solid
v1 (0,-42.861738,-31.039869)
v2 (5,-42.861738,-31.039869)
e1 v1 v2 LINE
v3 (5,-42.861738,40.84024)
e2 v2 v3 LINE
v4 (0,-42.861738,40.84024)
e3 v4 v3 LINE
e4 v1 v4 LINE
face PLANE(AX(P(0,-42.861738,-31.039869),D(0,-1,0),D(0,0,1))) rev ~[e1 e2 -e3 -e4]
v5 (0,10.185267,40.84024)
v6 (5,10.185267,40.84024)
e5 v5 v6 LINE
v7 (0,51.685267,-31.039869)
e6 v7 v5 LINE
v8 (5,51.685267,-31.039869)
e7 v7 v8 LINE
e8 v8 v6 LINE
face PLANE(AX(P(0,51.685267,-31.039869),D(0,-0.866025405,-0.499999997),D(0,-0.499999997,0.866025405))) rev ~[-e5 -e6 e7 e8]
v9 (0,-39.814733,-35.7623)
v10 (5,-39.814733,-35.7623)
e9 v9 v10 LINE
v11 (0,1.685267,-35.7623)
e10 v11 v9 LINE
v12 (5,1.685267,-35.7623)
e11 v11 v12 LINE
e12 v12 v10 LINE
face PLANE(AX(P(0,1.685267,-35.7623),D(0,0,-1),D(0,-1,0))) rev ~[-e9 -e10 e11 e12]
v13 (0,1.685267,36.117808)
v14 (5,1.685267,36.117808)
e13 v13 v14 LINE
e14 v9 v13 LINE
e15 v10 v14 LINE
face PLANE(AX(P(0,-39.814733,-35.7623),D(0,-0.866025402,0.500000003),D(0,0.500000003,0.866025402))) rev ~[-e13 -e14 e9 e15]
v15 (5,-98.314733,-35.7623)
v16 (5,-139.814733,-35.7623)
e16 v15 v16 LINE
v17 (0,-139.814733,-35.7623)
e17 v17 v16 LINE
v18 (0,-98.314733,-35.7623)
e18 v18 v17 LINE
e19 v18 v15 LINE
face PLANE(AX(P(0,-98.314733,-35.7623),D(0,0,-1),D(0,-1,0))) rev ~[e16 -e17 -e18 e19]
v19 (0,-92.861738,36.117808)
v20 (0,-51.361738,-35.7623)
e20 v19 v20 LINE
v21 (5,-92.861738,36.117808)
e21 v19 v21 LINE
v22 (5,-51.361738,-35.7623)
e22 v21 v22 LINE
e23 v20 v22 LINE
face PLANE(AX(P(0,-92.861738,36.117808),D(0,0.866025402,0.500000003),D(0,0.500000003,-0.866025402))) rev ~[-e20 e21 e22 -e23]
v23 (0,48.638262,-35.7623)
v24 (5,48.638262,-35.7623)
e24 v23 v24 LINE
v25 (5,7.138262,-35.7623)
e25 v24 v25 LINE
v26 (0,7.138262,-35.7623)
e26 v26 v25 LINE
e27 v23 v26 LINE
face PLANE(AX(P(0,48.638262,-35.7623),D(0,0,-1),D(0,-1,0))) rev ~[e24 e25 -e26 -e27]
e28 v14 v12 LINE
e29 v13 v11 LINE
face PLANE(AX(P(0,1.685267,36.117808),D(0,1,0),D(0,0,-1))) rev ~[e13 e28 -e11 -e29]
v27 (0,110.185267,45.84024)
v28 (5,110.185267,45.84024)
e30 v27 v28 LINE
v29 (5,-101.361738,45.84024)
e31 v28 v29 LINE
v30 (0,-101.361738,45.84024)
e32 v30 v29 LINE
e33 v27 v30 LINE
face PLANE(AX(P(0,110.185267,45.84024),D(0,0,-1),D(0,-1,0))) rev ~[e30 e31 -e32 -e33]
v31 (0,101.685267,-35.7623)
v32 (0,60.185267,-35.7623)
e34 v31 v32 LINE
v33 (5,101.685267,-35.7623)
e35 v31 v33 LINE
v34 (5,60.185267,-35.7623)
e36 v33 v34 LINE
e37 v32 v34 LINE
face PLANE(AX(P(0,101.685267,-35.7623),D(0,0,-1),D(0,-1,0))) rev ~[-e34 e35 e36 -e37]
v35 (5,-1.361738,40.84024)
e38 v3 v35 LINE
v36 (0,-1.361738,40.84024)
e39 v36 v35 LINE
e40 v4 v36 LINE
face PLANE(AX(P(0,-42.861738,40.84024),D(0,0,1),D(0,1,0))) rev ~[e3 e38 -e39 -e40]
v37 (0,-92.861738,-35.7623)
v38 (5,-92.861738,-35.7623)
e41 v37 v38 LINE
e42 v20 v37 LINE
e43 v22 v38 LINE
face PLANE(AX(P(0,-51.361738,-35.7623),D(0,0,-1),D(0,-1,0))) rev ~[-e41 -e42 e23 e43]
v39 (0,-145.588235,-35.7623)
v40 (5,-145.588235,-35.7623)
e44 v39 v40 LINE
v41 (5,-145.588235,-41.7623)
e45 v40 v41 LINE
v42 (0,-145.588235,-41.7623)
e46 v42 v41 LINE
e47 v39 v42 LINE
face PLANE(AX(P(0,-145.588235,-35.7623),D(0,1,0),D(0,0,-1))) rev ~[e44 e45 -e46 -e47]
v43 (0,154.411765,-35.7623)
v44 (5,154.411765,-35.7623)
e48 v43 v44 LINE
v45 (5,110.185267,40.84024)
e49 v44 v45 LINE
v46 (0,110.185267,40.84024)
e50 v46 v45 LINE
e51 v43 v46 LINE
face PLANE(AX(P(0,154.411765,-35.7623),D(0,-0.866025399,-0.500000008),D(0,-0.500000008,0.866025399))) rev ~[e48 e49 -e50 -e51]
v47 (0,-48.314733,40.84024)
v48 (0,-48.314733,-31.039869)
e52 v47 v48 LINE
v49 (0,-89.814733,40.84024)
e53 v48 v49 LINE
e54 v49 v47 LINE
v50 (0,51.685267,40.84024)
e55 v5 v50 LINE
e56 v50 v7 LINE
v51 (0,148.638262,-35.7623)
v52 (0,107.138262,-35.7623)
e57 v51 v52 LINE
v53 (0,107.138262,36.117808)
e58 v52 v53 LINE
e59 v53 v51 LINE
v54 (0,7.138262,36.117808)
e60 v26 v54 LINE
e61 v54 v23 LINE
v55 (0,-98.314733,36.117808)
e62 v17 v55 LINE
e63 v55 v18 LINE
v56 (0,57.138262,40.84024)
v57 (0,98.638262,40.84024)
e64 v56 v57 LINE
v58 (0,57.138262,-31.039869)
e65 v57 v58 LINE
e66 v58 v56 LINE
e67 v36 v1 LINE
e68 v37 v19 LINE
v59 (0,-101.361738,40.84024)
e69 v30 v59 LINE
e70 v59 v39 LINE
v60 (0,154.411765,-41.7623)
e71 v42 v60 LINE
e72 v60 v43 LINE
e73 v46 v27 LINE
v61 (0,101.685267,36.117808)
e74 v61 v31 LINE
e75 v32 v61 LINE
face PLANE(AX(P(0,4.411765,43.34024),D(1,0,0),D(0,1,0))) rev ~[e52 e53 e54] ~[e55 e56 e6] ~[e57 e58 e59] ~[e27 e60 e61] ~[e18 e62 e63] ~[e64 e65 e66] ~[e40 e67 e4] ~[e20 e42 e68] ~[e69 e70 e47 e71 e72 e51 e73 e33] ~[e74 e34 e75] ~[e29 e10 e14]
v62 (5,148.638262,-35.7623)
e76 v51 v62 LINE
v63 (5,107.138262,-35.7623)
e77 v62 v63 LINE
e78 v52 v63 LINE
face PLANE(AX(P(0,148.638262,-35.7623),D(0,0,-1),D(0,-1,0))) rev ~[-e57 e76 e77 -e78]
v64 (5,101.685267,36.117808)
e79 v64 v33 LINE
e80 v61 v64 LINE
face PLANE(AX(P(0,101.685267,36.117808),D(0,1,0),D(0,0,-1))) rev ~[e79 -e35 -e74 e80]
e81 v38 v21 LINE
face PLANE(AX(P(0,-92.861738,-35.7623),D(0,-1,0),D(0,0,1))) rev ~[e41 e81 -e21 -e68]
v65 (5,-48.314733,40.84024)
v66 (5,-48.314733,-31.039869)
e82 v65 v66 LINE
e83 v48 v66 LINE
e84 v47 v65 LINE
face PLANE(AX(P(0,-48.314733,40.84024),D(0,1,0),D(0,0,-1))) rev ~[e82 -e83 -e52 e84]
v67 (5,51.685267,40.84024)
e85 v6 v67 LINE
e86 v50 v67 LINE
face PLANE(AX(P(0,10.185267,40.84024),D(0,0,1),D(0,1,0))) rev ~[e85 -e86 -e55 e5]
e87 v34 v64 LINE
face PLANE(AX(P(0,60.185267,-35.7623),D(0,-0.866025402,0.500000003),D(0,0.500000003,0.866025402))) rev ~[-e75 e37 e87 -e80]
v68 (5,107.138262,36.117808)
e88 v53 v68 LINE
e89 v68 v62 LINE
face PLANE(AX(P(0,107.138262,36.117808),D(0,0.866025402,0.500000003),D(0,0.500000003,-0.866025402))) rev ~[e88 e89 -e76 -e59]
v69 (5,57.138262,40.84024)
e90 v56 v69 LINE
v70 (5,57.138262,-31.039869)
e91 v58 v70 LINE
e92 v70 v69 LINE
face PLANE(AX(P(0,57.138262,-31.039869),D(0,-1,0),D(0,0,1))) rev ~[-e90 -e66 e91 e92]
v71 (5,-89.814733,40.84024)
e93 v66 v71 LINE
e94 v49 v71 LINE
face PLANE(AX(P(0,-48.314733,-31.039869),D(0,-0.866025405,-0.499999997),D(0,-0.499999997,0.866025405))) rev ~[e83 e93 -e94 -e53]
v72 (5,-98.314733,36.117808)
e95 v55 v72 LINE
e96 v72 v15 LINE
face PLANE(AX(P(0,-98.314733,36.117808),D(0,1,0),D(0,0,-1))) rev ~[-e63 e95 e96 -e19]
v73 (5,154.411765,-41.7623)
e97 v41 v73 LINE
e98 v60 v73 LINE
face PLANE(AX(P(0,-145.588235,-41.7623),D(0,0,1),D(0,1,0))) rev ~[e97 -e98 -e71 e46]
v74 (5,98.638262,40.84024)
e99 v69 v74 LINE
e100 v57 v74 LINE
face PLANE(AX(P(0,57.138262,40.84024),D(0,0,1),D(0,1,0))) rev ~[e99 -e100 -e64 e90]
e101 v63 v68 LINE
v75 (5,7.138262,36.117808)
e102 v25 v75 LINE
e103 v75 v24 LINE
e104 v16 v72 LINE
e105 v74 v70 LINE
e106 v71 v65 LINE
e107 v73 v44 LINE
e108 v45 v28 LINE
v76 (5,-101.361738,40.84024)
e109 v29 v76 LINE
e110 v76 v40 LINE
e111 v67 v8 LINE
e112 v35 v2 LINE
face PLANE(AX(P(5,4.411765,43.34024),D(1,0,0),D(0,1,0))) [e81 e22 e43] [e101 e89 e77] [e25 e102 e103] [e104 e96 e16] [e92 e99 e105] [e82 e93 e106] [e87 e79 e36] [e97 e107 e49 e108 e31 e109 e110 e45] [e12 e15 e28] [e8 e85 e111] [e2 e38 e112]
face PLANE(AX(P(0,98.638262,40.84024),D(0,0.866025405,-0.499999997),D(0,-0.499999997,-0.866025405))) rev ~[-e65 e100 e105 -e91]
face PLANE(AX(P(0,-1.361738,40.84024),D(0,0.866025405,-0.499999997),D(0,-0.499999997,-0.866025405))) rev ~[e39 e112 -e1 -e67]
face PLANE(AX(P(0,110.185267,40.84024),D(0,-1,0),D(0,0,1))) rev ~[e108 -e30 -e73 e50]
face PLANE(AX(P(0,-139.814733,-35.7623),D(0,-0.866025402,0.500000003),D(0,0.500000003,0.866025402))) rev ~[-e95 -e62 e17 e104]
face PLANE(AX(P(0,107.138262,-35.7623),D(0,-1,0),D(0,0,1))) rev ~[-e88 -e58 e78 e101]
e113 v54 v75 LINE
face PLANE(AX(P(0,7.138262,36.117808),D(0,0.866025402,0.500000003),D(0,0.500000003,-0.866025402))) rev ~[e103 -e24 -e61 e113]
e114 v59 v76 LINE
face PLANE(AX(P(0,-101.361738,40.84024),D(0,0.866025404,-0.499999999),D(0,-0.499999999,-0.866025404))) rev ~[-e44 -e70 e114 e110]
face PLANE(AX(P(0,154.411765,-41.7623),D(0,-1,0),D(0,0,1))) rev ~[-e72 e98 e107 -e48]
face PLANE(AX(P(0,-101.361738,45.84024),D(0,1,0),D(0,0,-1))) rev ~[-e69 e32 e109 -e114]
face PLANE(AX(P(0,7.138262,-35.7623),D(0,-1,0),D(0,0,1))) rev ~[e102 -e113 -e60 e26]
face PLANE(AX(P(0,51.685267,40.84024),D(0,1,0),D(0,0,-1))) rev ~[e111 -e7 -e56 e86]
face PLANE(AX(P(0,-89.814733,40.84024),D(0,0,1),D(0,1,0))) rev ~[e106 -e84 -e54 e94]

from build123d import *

# Parameters (mm, degrees)
F1_DEPTH = 5


with BuildPart() as f1:
    # F0 (on Right) → F1 (new body)
    with BuildSketch(Plane.YZ):
        Polygon((104.411765, 40.84024), (110.185267, 40.84024), (110.185267, 45.84024), (-101.361738, 45.84024), (-101.361738, 40.84024), (-95.588235, 40.84024), (-89.814733, 40.84024), (-48.314733, 40.84024), (-42.861738, 40.84024), (-1.361738, 40.84024), (4.411765, 40.84024), (10.185267, 40.84024), (51.685267, 40.84024), (57.138262, 40.84024), (98.638262, 40.84024), align=None)
        Polygon((-89.814733, 40.84024), (-95.588235, 40.84024), (-92.861738, 36.117808), (-51.361738, -35.7623), (-45.588235, -35.7623), (-48.314733, -31.039869), align=None)
        Polygon((-98.314733, 36.117808), (-98.314733, -35.7623), (-92.861738, -35.7623), (-92.861738, 36.117808), (-95.588235, 40.84024), align=None)
        Polygon((-48.314733, 40.84024), (-48.314733, -31.039869), (-45.588235, -35.7623), (-42.861738, -31.039869), (-42.861738, 40.84024), align=None)
        Polygon((-42.861738, -31.039869), (-45.588235, -35.7623), (-39.814733, -35.7623), (1.685267, 36.117808), (4.411765, 40.84024), (-1.361738, 40.84024), align=None)
        Polygon((-101.361738, 40.84024), (-145.588235, -35.7623), (-139.814733, -35.7623), (-98.314733, 36.117808), (-95.588235, 40.84024), align=None)
        Polygon((-145.588235, -41.7623), (154.411765, -41.7623), (154.411765, -35.7623), (148.638262, -35.7623), (107.138262, -35.7623), (101.685267, -35.7623), (60.185267, -35.7623), (54.411765, -35.7623), (48.638262, -35.7623), (7.138262, -35.7623), (1.685267, -35.7623), (-39.814733, -35.7623), (-45.588235, -35.7623), (-51.361738, -35.7623), (-92.861738, -35.7623), (-98.314733, -35.7623), (-139.814733, -35.7623), (-145.588235, -35.7623), align=None)
        Polygon((1.685267, -35.7623), (7.138262, -35.7623), (7.138262, 36.117808), (4.411765, 40.84024), (1.685267, 36.117808), align=None)
        Polygon((48.638262, -35.7623), (54.411765, -35.7623), (51.685267, -31.039869), (10.185267, 40.84024), (4.411765, 40.84024), (7.138262, 36.117808), align=None)
        Polygon((54.411765, -35.7623), (57.138262, -31.039869), (57.138262, 40.84024), (51.685267, 40.84024), (51.685267, -31.039869), align=None)
        Polygon((101.685267, 36.117808), (104.411765, 40.84024), (98.638262, 40.84024), (57.138262, -31.039869), (54.411765, -35.7623), (60.185267, -35.7623), align=None)
        Polygon((101.685267, -35.7623), (107.138262, -35.7623), (107.138262, 36.117808), (104.411765, 40.84024), (101.685267, 36.117808), align=None)
        Polygon((148.638262, -35.7623), (154.411765, -35.7623), (110.185267, 40.84024), (104.411765, 40.84024), (107.138262, 36.117808), align=None)
    extrude(amount=F1_DEPTH)


solid = f1.part
